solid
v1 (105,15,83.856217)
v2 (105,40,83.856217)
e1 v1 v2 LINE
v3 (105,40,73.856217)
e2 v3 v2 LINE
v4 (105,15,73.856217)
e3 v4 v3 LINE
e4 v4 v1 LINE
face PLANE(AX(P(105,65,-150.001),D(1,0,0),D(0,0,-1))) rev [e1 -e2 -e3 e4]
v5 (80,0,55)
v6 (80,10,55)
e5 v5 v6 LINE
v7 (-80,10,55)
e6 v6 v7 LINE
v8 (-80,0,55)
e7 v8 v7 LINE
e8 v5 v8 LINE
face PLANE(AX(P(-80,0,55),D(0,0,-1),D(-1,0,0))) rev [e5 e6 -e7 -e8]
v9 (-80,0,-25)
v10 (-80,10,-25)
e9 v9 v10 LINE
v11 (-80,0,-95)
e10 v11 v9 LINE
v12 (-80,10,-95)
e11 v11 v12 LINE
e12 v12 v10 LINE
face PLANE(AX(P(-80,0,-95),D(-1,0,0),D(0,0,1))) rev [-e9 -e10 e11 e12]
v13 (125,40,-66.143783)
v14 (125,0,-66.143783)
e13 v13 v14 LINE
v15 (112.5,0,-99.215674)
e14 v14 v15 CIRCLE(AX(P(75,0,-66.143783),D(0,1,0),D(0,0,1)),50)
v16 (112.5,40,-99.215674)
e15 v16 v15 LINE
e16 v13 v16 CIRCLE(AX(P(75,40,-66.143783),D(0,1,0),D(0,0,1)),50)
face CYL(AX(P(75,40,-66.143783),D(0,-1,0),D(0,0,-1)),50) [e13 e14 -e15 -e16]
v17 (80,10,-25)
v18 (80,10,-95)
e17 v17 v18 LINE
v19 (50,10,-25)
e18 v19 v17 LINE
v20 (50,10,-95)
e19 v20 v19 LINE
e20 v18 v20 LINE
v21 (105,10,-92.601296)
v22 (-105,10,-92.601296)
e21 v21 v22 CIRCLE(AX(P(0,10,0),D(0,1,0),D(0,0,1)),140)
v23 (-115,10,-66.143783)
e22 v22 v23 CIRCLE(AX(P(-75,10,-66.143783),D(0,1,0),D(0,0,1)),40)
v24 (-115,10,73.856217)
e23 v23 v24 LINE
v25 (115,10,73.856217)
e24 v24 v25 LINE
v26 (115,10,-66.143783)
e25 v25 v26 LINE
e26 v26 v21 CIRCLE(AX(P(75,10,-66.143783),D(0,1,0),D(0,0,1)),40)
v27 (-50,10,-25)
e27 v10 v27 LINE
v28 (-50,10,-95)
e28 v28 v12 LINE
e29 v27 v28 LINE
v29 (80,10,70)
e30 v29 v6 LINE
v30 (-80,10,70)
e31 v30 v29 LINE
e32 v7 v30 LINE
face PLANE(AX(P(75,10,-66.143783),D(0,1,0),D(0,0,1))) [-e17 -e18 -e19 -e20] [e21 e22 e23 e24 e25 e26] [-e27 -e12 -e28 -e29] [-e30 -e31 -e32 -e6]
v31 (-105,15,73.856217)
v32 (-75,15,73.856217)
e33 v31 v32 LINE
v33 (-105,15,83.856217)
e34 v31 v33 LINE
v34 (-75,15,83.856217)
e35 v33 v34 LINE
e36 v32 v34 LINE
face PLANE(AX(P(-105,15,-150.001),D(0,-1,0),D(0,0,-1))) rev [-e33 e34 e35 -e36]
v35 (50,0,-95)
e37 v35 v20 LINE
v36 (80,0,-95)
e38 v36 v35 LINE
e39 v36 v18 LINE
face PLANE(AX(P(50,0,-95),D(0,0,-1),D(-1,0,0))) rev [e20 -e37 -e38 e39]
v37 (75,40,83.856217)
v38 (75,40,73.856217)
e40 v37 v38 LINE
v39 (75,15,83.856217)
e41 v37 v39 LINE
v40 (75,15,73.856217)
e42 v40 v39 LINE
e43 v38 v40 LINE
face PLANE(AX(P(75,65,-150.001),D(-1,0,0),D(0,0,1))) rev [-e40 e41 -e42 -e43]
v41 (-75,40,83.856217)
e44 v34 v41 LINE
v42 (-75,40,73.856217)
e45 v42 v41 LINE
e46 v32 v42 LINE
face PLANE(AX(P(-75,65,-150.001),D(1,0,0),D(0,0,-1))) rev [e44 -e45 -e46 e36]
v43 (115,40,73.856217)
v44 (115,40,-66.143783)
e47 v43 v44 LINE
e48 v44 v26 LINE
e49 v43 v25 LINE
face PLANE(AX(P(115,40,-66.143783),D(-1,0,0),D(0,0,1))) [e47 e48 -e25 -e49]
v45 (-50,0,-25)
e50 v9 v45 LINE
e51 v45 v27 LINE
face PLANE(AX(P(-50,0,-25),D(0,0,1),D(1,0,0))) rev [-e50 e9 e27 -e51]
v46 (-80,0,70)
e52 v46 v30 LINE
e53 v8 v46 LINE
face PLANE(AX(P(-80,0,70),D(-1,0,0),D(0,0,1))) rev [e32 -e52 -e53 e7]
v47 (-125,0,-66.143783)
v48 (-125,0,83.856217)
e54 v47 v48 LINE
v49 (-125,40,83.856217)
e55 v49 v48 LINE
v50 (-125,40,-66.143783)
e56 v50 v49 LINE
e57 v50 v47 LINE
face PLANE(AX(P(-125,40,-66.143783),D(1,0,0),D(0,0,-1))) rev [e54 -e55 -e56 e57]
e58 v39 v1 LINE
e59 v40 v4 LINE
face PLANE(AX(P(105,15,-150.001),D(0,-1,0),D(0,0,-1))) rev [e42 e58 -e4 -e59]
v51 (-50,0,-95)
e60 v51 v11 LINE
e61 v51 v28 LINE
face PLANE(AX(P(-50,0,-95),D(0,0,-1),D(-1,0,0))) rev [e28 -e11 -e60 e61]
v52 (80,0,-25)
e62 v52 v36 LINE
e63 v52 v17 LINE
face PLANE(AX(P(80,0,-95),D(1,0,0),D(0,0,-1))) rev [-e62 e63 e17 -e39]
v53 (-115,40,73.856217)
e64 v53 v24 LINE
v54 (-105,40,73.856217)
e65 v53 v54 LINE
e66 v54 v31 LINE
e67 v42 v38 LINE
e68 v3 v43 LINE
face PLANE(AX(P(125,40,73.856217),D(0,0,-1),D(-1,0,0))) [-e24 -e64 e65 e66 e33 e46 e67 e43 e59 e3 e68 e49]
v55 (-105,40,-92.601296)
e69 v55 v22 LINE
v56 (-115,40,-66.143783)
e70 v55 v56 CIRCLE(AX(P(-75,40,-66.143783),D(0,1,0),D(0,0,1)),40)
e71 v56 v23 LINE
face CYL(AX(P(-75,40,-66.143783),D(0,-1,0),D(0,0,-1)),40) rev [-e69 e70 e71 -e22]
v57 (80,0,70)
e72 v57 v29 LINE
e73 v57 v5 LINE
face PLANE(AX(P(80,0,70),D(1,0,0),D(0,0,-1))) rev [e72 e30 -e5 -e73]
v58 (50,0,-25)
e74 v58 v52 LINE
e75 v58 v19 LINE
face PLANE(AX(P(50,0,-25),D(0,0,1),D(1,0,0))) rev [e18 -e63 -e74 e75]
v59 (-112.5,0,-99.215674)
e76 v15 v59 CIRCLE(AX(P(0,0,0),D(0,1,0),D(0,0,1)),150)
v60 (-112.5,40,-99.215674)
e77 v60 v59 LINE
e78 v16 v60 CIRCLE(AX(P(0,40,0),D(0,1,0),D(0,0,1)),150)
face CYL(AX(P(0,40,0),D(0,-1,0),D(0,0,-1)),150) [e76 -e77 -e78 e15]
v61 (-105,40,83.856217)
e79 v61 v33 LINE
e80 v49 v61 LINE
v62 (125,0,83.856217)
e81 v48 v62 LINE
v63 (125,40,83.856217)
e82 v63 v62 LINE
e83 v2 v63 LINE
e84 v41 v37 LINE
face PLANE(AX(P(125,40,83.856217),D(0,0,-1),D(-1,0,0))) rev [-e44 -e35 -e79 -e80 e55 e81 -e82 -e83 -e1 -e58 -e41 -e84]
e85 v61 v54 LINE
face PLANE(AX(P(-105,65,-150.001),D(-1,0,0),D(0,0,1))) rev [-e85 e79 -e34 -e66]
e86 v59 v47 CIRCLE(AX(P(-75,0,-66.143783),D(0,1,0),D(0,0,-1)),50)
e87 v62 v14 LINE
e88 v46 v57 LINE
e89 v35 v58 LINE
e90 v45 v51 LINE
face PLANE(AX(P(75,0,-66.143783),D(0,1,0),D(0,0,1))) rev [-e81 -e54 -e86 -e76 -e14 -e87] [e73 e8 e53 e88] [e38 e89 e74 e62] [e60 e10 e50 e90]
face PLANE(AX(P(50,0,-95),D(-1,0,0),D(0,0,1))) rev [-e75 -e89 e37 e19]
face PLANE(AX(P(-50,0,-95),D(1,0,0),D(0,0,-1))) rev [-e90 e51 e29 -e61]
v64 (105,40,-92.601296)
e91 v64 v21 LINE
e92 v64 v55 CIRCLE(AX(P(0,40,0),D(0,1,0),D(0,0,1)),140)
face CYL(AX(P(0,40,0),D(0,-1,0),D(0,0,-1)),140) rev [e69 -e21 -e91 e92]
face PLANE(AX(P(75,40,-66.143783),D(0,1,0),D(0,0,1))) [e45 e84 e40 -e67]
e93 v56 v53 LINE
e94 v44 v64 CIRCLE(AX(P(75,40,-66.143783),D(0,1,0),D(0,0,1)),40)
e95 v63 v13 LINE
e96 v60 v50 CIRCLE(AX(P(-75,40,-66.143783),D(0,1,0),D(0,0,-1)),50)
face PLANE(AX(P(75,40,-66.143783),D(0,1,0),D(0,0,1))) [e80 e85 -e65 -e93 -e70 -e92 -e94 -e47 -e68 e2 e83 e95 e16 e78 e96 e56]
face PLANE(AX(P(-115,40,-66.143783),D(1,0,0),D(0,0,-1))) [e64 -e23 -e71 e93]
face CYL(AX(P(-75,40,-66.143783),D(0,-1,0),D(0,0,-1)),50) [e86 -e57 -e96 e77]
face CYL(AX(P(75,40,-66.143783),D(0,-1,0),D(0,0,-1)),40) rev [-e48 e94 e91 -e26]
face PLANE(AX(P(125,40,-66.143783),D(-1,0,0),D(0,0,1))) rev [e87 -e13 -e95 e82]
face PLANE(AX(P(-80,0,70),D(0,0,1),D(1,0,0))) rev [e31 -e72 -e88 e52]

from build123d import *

# Parameters (mm, degrees)
BOSS_EXTRUDE1_DEPTH = 40
SHELL1_T            = -10
SKETCH2_W           = 30
SKETCH2_H           = 70
SKETCH2_W_2         = 160
SKETCH2_H_2         = 15
CUT_EXTRUDE1_DEPTH  = 198.547462651
CUT_EXTRUDE2_REACH  = 270.167
SKETCH3_W           = 30
SKETCH3_H           = 50


with BuildPart() as part:
    # Sketch1 → Boss-Extrude1 (new body)
    with BuildSketch(Plane(origin=(0, 0, 0), x_dir=(1, 0, 0), z_dir=(0, 1, 0))):
        with BuildLine():
            Line((125, 66.143782777), (125, -83.856217223))
            Line((125, -83.856217223), (-125, -83.856217223))
            Line((-125, -83.856217223), (-125, 66.143782777))
            ThreePointArc((-125, 66.143782777), (-121.770717335, 83.821452306), (-112.5, 99.215674165))
            ThreePointArc((-112.5, 99.215674165), (0, 150), (112.5, 99.215674165))
            ThreePointArc((112.5, 99.215674165), (121.770717335, 83.821452306), (125, 66.143782777))
        make_face()
    extrude(amount=BOSS_EXTRUDE1_DEPTH)

    # Shell1
    shell1_openings = [part.faces().sort_by_distance(p)[0] for p in [
        (0, 40, -23.901312182),
    ]]
    offset(amount=SHELL1_T, openings=shell1_openings, kind=Kind.INTERSECTION)

    # Sketch2 → Cut-Extrude1 (cut, through all)
    with BuildSketch(Plane(origin=(0, 10, 0), x_dir=(1, 0, 0), z_dir=(0, 1, 0))):
        with Locations((-65, 60)):
            Rectangle(SKETCH2_W, SKETCH2_H)
        with Locations((65, 60)):
            Rectangle(SKETCH2_W, SKETCH2_H)
        with Locations((0, -62.5)):
            Rectangle(SKETCH2_W_2, SKETCH2_H_2)
    extrude(amount=-CUT_EXTRUDE1_DEPTH, mode=Mode.SUBTRACT)

    # Sketch3 → Cut-Extrude2 (cut, up to next)
    with BuildSketch(Plane.XY.offset(83.856217223), mode=Mode.PRIVATE) as cut_extrude2_sk1:
        with Locations((-90, 40)):
            Rectangle(SKETCH3_W, SKETCH3_H)
    cut_extrude2_tool1 = extrude(cut_extrude2_sk1.sketch, amount=-CUT_EXTRUDE2_REACH, mode=Mode.PRIVATE) & part.part
    # Sketch3 → Cut-Extrude2 (cut, up to next)
    with BuildSketch(Plane.XY.offset(83.856217223), mode=Mode.PRIVATE) as cut_extrude2_sk2:
        with Locations((90, 40)):
            Rectangle(SKETCH3_W, SKETCH3_H)
    cut_extrude2_tool2 = extrude(cut_extrude2_sk2.sketch, amount=-CUT_EXTRUDE2_REACH, mode=Mode.PRIVATE) & part.part
    add(cut_extrude2_tool1.solids().sort_by_distance((-90, 40, 83.856217))[0], mode=Mode.SUBTRACT)
    add(cut_extrude2_tool2.solids().sort_by_distance((90, 40, 83.856217))[0], mode=Mode.SUBTRACT)


solid = part.part
